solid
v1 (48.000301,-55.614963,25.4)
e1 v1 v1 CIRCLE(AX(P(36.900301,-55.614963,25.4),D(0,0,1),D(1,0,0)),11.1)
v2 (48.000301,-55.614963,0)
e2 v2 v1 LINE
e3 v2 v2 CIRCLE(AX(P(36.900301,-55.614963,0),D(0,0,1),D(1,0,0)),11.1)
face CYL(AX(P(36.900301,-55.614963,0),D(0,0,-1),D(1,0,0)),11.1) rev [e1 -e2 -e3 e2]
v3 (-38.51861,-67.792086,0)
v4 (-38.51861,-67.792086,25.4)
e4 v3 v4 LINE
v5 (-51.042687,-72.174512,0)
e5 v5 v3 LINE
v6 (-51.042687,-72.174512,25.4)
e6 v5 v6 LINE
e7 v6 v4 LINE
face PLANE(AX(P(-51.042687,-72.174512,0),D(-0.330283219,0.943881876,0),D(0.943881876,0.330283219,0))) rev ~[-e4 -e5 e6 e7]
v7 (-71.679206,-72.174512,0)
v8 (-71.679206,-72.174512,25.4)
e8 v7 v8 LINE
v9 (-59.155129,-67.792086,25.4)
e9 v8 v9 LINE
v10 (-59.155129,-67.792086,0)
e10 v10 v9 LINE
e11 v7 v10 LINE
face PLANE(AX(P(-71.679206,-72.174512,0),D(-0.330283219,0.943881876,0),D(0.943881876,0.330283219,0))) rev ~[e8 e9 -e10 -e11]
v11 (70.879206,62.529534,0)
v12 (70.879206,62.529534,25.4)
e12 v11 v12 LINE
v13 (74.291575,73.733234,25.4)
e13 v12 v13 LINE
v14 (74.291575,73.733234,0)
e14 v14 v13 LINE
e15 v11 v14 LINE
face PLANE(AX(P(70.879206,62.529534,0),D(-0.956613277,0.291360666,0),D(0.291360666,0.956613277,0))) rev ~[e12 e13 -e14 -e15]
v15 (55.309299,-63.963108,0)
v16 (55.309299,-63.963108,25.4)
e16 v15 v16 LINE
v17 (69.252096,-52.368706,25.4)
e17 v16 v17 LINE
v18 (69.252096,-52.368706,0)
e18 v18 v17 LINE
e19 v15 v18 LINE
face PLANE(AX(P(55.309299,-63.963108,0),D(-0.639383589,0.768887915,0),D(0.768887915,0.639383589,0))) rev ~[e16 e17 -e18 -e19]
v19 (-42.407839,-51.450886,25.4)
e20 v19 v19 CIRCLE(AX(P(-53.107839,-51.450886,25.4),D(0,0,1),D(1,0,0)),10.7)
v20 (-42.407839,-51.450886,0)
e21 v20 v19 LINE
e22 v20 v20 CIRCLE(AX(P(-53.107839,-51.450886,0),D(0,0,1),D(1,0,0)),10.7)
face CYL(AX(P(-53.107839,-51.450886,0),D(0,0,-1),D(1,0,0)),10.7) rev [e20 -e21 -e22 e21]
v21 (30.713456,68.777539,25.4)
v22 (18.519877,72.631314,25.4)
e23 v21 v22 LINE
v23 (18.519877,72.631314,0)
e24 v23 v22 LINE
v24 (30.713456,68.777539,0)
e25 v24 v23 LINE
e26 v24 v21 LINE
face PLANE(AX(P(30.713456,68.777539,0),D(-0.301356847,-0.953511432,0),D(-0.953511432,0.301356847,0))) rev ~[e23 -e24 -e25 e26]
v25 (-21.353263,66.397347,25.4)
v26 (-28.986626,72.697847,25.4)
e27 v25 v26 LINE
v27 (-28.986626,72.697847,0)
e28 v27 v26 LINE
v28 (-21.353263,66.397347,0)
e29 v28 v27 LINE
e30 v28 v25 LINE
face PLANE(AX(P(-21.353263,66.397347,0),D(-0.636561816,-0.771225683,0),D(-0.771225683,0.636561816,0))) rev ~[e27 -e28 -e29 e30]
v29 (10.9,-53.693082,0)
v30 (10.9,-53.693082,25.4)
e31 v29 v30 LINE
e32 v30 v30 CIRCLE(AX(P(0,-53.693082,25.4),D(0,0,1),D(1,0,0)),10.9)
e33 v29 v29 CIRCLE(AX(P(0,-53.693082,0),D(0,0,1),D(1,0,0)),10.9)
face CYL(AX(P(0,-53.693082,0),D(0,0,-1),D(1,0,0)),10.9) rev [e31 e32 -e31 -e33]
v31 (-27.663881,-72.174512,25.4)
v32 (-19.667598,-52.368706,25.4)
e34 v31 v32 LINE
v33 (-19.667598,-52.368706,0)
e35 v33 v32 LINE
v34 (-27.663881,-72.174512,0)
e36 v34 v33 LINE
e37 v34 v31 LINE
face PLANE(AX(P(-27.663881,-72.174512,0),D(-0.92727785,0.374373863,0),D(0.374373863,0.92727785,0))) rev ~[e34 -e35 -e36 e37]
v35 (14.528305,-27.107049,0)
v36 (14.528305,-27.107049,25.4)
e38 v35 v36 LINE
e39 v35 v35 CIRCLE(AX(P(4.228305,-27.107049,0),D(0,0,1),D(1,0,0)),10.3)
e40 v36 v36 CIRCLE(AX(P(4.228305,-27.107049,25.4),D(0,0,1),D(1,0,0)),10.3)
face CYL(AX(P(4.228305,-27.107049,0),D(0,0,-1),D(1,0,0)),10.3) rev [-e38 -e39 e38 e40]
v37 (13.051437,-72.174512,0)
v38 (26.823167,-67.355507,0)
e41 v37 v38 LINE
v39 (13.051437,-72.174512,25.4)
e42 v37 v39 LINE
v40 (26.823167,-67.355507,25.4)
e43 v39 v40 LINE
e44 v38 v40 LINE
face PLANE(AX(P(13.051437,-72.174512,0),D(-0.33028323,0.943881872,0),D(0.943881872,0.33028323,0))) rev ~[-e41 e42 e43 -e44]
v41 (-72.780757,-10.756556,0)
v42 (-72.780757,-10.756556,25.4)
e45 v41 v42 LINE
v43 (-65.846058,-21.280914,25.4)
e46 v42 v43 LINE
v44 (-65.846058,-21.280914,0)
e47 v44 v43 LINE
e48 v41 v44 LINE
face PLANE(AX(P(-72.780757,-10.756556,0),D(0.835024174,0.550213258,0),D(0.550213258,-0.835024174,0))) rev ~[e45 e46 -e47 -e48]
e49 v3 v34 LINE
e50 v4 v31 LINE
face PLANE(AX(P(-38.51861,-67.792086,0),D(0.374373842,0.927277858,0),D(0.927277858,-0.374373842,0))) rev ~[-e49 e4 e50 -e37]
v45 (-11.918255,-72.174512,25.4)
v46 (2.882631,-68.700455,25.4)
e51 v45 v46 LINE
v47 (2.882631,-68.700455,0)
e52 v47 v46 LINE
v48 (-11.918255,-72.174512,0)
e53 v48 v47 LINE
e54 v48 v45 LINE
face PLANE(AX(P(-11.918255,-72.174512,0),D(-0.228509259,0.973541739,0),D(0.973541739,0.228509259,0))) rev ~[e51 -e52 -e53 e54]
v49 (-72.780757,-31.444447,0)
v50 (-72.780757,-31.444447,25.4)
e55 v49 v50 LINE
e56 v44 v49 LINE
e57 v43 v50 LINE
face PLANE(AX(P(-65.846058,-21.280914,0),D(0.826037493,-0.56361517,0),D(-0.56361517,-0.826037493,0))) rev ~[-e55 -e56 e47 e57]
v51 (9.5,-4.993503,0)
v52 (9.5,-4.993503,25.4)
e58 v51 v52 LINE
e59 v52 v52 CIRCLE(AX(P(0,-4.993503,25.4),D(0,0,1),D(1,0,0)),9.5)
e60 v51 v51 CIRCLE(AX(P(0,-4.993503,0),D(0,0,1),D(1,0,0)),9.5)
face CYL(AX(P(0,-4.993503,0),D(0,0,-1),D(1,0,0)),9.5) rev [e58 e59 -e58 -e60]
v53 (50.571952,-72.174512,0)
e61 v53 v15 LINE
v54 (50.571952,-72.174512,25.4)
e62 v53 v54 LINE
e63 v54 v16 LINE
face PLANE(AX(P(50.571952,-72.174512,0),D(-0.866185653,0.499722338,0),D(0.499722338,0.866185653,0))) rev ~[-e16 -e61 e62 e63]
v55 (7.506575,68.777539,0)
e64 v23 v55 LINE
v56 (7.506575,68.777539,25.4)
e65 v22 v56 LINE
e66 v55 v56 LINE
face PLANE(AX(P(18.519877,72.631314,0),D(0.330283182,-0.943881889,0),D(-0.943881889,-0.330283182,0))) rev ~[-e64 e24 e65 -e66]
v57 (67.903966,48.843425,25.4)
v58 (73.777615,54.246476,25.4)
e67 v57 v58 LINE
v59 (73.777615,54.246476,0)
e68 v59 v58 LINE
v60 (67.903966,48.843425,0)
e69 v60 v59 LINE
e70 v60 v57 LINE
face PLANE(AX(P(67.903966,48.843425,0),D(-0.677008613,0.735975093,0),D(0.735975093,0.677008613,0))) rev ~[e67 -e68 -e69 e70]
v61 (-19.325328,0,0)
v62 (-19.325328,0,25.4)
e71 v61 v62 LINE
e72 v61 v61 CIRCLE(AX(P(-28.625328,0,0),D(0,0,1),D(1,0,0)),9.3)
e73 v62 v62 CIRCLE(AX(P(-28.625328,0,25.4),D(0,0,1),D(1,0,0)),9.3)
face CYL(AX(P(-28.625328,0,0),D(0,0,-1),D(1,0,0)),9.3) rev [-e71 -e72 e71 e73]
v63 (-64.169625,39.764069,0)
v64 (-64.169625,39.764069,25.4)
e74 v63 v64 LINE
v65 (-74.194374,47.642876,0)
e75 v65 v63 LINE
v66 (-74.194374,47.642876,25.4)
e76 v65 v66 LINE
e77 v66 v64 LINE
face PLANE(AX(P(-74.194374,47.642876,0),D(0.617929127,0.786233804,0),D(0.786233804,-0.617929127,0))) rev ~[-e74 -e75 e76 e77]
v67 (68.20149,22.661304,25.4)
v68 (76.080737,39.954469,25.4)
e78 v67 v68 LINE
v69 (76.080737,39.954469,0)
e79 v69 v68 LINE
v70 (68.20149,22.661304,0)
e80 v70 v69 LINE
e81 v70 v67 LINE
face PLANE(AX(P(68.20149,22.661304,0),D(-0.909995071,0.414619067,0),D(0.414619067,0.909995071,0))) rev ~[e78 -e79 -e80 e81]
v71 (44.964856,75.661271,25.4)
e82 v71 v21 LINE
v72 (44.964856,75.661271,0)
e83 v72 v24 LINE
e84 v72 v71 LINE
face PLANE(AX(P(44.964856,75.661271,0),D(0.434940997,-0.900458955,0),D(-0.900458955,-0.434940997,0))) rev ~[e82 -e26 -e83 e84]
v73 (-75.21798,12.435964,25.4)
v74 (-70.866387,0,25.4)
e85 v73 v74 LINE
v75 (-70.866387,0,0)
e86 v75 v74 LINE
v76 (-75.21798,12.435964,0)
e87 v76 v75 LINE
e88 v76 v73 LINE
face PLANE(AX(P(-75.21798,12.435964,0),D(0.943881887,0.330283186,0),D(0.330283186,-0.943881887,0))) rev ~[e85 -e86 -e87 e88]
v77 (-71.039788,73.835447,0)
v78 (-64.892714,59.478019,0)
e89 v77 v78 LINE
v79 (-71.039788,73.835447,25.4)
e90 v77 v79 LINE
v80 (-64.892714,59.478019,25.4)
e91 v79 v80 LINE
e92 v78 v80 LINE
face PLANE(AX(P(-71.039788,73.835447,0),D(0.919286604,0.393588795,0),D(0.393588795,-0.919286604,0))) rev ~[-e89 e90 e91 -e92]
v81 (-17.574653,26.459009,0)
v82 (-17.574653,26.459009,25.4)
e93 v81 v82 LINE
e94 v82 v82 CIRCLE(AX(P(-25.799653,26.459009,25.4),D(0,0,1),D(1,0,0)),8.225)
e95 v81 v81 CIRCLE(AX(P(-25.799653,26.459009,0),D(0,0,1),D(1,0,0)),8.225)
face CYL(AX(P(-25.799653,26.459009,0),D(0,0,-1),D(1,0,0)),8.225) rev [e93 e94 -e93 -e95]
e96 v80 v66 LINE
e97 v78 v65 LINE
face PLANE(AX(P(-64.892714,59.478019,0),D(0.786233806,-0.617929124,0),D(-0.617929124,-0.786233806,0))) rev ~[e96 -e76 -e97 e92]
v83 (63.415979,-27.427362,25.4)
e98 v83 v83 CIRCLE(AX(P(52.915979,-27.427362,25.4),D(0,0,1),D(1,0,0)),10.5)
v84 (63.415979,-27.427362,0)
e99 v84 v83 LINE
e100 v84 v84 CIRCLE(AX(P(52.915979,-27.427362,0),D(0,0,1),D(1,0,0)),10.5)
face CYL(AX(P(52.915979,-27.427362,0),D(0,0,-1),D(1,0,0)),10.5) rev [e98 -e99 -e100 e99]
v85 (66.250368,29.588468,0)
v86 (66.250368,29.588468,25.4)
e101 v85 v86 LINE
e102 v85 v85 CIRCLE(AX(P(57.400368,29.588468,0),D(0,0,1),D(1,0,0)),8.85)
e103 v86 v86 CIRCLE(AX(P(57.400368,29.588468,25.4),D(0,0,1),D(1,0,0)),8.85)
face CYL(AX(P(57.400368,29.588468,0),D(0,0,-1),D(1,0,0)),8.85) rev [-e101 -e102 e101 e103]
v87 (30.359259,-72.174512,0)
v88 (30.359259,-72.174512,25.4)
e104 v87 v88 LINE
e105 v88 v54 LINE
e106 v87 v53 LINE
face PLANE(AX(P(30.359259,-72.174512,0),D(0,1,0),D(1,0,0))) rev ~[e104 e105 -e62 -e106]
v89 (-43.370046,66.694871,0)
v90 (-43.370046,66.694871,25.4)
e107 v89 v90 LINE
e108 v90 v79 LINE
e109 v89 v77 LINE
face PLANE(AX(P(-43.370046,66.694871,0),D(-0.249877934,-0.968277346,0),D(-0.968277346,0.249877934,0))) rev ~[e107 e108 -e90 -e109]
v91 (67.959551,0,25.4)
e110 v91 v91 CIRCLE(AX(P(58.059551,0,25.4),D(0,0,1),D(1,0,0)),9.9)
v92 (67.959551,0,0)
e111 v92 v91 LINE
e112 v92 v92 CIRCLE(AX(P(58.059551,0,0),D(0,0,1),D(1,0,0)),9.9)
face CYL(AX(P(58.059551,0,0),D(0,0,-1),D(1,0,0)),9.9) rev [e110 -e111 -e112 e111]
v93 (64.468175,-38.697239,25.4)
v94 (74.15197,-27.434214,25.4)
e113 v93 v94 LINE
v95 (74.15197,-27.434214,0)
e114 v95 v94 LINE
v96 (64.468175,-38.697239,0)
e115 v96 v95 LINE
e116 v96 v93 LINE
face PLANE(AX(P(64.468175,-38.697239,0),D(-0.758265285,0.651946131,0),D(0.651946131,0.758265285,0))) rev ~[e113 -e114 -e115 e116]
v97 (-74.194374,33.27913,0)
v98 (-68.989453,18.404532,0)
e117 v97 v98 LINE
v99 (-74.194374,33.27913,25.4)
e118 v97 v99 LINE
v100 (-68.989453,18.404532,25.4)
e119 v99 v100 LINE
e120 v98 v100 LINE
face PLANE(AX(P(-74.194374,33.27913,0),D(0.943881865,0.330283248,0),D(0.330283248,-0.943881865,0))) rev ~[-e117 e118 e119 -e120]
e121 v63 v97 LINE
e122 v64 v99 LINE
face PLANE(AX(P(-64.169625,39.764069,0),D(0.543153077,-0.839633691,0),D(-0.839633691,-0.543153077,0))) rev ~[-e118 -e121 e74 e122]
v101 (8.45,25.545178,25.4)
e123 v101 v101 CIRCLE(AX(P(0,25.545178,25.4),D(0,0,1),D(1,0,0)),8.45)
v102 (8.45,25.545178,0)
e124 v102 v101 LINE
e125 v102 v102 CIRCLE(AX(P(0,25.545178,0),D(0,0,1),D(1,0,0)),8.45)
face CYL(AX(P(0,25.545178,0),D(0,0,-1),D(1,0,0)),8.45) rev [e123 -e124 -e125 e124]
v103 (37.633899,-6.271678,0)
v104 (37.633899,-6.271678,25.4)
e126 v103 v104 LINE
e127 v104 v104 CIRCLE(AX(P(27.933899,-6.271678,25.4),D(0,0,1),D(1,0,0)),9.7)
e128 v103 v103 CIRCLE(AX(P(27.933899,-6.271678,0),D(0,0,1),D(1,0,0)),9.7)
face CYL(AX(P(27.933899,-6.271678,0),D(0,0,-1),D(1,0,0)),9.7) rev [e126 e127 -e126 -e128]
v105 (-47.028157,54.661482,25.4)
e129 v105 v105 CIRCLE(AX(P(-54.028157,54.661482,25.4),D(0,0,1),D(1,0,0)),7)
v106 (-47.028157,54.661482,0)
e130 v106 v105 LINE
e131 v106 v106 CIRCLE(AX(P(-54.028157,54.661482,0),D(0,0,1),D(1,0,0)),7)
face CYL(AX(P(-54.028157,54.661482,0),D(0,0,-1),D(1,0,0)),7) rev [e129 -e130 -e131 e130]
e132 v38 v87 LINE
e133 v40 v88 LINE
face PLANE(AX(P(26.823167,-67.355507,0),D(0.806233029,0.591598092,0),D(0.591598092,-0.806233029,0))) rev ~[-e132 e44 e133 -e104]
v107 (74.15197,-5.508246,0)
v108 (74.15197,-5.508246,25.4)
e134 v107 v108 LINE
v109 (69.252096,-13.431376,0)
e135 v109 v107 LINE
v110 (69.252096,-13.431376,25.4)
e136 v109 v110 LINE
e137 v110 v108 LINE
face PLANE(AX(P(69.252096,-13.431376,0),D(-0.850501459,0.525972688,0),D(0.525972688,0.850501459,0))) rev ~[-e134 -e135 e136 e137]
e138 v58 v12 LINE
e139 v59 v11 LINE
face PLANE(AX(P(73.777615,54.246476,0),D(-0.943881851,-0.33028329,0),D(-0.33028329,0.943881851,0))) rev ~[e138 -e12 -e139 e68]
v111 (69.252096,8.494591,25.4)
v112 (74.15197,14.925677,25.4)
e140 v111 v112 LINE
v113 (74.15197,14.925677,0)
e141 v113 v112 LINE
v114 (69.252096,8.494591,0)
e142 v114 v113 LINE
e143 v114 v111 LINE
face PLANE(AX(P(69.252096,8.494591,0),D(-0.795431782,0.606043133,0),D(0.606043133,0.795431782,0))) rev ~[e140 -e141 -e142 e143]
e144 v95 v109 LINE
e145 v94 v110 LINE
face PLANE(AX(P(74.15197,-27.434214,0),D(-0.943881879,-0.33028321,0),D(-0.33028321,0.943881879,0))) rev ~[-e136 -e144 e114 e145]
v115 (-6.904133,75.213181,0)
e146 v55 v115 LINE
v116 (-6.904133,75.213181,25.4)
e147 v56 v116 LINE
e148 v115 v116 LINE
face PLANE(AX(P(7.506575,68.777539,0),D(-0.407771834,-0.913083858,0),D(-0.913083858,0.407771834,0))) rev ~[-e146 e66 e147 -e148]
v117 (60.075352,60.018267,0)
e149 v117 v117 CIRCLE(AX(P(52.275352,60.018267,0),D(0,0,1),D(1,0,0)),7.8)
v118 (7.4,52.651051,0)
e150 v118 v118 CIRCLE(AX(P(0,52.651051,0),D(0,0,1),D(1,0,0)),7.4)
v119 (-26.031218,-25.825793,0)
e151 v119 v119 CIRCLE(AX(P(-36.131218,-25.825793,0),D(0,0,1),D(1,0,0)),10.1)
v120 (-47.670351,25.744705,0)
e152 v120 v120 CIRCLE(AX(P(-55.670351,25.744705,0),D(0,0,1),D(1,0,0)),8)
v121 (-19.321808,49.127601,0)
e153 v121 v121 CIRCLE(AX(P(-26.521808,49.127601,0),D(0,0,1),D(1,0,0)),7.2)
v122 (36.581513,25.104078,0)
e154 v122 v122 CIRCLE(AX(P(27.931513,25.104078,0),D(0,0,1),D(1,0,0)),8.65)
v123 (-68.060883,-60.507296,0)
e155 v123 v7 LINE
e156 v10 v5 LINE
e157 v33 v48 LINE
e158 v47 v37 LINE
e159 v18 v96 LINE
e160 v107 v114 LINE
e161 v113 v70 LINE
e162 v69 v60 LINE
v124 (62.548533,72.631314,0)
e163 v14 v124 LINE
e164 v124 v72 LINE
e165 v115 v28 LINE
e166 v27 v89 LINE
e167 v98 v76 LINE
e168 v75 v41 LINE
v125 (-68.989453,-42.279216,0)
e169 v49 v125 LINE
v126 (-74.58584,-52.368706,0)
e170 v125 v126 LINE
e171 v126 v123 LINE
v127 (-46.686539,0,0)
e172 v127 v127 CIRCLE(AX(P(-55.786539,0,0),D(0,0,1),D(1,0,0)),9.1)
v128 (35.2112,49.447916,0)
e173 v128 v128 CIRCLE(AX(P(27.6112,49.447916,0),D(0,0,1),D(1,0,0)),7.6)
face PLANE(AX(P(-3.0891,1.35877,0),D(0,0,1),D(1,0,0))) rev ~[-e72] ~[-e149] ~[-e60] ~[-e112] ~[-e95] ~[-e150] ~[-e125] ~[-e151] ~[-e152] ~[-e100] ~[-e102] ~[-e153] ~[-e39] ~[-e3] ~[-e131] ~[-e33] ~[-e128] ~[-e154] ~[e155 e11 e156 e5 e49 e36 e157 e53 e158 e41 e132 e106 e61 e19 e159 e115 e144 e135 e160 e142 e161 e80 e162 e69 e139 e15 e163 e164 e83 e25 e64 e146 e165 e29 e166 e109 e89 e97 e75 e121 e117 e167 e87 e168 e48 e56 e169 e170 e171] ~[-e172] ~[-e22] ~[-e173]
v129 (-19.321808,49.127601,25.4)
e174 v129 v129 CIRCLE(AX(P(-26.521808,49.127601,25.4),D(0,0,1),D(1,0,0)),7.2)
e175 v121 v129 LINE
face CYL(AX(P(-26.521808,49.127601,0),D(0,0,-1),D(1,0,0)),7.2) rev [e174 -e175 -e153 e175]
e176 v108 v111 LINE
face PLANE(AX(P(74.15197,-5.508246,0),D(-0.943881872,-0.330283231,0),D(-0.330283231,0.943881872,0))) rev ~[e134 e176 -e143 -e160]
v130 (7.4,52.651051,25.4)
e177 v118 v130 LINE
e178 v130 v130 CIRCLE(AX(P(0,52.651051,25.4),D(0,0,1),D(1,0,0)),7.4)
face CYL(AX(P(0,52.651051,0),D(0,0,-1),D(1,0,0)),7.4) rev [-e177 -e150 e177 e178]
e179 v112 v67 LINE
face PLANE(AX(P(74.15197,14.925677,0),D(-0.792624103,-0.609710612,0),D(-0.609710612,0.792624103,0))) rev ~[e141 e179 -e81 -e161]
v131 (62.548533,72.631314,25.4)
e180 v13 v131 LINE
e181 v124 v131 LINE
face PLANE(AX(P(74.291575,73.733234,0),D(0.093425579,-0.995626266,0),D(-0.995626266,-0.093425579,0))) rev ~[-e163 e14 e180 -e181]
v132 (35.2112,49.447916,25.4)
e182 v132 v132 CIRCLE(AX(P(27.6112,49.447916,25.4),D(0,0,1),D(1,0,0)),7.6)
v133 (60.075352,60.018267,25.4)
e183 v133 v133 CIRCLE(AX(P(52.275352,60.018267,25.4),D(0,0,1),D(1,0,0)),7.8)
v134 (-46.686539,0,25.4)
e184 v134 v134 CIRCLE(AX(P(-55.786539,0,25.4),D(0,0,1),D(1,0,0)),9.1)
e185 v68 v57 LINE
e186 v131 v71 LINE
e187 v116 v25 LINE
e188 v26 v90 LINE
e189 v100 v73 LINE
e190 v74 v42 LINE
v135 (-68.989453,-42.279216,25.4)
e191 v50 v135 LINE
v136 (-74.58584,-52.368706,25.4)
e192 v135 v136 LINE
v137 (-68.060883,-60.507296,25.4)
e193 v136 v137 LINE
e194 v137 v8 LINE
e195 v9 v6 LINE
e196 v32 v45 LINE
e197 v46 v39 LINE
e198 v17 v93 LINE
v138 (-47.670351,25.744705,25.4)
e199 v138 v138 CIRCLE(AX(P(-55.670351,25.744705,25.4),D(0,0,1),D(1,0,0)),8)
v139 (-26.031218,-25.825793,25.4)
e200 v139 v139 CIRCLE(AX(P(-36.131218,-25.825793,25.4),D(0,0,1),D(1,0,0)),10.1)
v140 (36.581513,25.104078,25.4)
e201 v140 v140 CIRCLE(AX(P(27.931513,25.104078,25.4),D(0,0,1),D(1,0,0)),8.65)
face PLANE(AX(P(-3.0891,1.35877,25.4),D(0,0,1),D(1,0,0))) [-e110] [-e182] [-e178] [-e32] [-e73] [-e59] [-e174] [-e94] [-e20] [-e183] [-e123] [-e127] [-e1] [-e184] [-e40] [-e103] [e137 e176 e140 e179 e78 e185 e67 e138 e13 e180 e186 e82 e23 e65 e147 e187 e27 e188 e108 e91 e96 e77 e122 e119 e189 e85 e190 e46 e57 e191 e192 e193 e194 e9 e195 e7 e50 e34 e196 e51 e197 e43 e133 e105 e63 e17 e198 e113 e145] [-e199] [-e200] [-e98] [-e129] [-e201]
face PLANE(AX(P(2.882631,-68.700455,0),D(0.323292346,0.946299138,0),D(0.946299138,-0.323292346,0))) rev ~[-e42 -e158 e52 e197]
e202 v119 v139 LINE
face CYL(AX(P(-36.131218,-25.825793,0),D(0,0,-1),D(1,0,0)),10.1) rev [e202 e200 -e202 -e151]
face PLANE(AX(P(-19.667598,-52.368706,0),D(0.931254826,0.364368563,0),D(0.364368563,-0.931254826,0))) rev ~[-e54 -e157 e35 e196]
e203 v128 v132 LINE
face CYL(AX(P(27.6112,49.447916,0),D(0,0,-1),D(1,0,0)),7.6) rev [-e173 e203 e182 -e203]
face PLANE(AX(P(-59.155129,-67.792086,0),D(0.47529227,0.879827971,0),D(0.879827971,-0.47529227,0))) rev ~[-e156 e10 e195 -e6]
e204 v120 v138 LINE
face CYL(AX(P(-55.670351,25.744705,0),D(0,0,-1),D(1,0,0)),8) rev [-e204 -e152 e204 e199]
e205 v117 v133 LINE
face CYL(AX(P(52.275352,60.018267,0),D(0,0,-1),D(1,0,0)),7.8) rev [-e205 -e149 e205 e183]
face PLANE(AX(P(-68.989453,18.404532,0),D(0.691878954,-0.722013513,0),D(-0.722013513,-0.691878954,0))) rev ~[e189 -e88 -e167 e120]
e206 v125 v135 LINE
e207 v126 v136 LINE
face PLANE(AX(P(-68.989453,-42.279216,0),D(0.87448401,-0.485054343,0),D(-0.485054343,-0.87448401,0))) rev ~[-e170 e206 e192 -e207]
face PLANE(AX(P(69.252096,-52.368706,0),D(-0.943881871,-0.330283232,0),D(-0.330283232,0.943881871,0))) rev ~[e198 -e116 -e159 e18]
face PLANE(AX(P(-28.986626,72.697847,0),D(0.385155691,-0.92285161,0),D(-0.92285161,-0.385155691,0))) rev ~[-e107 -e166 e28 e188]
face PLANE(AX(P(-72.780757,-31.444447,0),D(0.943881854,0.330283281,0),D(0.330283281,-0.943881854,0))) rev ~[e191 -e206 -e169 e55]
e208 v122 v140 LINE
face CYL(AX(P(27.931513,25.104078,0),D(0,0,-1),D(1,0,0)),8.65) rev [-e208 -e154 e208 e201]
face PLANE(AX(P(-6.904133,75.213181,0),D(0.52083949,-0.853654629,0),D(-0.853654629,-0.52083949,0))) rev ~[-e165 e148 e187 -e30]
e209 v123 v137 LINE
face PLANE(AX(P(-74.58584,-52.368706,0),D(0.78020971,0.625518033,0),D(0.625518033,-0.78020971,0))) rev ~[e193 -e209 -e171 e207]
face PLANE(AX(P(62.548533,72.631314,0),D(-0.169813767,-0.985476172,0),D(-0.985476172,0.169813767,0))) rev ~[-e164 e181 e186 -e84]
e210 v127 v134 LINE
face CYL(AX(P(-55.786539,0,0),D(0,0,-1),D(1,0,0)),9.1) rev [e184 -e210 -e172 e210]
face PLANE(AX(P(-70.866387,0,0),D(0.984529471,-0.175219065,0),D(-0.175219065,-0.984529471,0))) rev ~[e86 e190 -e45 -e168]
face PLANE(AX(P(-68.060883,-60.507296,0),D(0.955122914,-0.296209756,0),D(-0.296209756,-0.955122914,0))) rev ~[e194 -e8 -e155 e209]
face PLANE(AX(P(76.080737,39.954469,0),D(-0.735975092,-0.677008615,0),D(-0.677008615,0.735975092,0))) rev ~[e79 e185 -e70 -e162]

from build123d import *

# Parameters (mm, degrees)
F0_R     = 10.7
F0_R_2   = 10.9
F0_R_3   = 9.1
F0_R_4   = 10.1
F0_R_5   = 9.3
F0_R_6   = 9.5
F0_R_7   = 11.1
F0_R_8   = 10.3
F0_R_9   = 9.7
F0_R_10  = 10.5
F0_R_11  = 9.9
F0_R_12  = 8
F0_R_13  = 8.225
F0_R_14  = 8.45
F0_R_15  = 7
F0_R_16  = 7.2
F0_R_17  = 7.4
F0_R_18  = 8.65
F0_R_19  = 8.85
F0_R_20  = 7.6
F0_R_21  = 7.8
F1_DEPTH = 25.4


with BuildPart() as f1:
    # F0 (on Top) → F1 (new body)
    with BuildSketch(Plane.XY):
        Polygon((-43.370046, 66.694871), (-71.039788, 73.835447), (-64.892714, 59.478019), (-74.194374, 47.642876), (-64.169625, 39.764069), (-74.194374, 33.27913), (-68.989453, 18.404532), (-75.21798, 12.435964), (-70.866387, 0), (-72.780757, -10.756556), (-65.846058, -21.280914), (-72.780757, -31.444447), (-68.989453, -42.279216), (-74.58584, -52.368706), (-68.060883, -60.507296), (-71.679206, -72.174512), (-59.155129, -67.792086), (-51.042687, -72.174512), (-38.51861, -67.792086), (-27.663881, -72.174512), (-19.667598, -52.368706), (-11.918255, -72.174512), (2.882631, -68.700455), (13.051437, -72.174512), (26.823167, -67.355507), (30.359259, -72.174512), (41.413072, -72.174512), (50.571952, -72.174512), (55.309299, -63.963108), (69.252096, -52.368706), (64.468175, -38.697239), (74.15197, -27.434214), (69.252096, -13.431376), (74.15197, -5.508246), (69.252096, 8.494591), (74.15197, 14.925677), (68.20149, 22.661304), (76.080737, 39.954469), (67.903966, 48.843425), (73.777615, 54.246476), (70.879206, 62.529534), (74.291575, 73.733234), (62.548533, 72.631314), (44.964856, 75.661271), (30.713456, 68.777539), (18.519877, 72.631314), (7.506575, 68.777539), (-6.904133, 75.213181), (-21.353263, 66.397347), (-28.986626, 72.697847), align=None)
        with Locations((-53.107839, -51.450886)):
            Circle(F0_R, mode=Mode.SUBTRACT)
        with Locations((0, -53.693082)):
            Circle(F0_R_2, mode=Mode.SUBTRACT)
        with Locations((-55.786539, 0)):
            Circle(F0_R_3, mode=Mode.SUBTRACT)
        with Locations((-36.131218, -25.825793)):
            Circle(F0_R_4, mode=Mode.SUBTRACT)
        with Locations((-28.625328, 0)):
            Circle(F0_R_5, mode=Mode.SUBTRACT)
        with Locations((0, -4.993503)):
            Circle(F0_R_6, mode=Mode.SUBTRACT)
        with Locations((36.900301, -55.614963)):
            Circle(F0_R_7, mode=Mode.SUBTRACT)
        with Locations((4.228305, -27.107049)):
            Circle(F0_R_8, mode=Mode.SUBTRACT)
        with Locations((27.933899, -6.271678)):
            Circle(F0_R_9, mode=Mode.SUBTRACT)
        with Locations((52.915979, -27.427362)):
            Circle(F0_R_10, mode=Mode.SUBTRACT)
        with Locations((58.059551, 0)):
            Circle(F0_R_11, mode=Mode.SUBTRACT)
        with Locations((-55.670351, 25.744705)):
            Circle(F0_R_12, mode=Mode.SUBTRACT)
        with Locations((-25.799653, 26.459009)):
            Circle(F0_R_13, mode=Mode.SUBTRACT)
        with Locations((0, 25.545178)):
            Circle(F0_R_14, mode=Mode.SUBTRACT)
        with Locations((-54.028157, 54.661482)):
            Circle(F0_R_15, mode=Mode.SUBTRACT)
        with Locations((-26.521808, 49.127601)):
            Circle(F0_R_16, mode=Mode.SUBTRACT)
        with Locations((0, 52.651051)):
            Circle(F0_R_17, mode=Mode.SUBTRACT)
        with Locations((27.931513, 25.104078)):
            Circle(F0_R_18, mode=Mode.SUBTRACT)
        with Locations((57.400368, 29.588468)):
            Circle(F0_R_19, mode=Mode.SUBTRACT)
        with Locations((27.6112, 49.447916)):
            Circle(F0_R_20, mode=Mode.SUBTRACT)
        with Locations((52.275352, 60.018267)):
            Circle(F0_R_21, mode=Mode.SUBTRACT)
    extrude(amount=F1_DEPTH)


solid = f1.part
